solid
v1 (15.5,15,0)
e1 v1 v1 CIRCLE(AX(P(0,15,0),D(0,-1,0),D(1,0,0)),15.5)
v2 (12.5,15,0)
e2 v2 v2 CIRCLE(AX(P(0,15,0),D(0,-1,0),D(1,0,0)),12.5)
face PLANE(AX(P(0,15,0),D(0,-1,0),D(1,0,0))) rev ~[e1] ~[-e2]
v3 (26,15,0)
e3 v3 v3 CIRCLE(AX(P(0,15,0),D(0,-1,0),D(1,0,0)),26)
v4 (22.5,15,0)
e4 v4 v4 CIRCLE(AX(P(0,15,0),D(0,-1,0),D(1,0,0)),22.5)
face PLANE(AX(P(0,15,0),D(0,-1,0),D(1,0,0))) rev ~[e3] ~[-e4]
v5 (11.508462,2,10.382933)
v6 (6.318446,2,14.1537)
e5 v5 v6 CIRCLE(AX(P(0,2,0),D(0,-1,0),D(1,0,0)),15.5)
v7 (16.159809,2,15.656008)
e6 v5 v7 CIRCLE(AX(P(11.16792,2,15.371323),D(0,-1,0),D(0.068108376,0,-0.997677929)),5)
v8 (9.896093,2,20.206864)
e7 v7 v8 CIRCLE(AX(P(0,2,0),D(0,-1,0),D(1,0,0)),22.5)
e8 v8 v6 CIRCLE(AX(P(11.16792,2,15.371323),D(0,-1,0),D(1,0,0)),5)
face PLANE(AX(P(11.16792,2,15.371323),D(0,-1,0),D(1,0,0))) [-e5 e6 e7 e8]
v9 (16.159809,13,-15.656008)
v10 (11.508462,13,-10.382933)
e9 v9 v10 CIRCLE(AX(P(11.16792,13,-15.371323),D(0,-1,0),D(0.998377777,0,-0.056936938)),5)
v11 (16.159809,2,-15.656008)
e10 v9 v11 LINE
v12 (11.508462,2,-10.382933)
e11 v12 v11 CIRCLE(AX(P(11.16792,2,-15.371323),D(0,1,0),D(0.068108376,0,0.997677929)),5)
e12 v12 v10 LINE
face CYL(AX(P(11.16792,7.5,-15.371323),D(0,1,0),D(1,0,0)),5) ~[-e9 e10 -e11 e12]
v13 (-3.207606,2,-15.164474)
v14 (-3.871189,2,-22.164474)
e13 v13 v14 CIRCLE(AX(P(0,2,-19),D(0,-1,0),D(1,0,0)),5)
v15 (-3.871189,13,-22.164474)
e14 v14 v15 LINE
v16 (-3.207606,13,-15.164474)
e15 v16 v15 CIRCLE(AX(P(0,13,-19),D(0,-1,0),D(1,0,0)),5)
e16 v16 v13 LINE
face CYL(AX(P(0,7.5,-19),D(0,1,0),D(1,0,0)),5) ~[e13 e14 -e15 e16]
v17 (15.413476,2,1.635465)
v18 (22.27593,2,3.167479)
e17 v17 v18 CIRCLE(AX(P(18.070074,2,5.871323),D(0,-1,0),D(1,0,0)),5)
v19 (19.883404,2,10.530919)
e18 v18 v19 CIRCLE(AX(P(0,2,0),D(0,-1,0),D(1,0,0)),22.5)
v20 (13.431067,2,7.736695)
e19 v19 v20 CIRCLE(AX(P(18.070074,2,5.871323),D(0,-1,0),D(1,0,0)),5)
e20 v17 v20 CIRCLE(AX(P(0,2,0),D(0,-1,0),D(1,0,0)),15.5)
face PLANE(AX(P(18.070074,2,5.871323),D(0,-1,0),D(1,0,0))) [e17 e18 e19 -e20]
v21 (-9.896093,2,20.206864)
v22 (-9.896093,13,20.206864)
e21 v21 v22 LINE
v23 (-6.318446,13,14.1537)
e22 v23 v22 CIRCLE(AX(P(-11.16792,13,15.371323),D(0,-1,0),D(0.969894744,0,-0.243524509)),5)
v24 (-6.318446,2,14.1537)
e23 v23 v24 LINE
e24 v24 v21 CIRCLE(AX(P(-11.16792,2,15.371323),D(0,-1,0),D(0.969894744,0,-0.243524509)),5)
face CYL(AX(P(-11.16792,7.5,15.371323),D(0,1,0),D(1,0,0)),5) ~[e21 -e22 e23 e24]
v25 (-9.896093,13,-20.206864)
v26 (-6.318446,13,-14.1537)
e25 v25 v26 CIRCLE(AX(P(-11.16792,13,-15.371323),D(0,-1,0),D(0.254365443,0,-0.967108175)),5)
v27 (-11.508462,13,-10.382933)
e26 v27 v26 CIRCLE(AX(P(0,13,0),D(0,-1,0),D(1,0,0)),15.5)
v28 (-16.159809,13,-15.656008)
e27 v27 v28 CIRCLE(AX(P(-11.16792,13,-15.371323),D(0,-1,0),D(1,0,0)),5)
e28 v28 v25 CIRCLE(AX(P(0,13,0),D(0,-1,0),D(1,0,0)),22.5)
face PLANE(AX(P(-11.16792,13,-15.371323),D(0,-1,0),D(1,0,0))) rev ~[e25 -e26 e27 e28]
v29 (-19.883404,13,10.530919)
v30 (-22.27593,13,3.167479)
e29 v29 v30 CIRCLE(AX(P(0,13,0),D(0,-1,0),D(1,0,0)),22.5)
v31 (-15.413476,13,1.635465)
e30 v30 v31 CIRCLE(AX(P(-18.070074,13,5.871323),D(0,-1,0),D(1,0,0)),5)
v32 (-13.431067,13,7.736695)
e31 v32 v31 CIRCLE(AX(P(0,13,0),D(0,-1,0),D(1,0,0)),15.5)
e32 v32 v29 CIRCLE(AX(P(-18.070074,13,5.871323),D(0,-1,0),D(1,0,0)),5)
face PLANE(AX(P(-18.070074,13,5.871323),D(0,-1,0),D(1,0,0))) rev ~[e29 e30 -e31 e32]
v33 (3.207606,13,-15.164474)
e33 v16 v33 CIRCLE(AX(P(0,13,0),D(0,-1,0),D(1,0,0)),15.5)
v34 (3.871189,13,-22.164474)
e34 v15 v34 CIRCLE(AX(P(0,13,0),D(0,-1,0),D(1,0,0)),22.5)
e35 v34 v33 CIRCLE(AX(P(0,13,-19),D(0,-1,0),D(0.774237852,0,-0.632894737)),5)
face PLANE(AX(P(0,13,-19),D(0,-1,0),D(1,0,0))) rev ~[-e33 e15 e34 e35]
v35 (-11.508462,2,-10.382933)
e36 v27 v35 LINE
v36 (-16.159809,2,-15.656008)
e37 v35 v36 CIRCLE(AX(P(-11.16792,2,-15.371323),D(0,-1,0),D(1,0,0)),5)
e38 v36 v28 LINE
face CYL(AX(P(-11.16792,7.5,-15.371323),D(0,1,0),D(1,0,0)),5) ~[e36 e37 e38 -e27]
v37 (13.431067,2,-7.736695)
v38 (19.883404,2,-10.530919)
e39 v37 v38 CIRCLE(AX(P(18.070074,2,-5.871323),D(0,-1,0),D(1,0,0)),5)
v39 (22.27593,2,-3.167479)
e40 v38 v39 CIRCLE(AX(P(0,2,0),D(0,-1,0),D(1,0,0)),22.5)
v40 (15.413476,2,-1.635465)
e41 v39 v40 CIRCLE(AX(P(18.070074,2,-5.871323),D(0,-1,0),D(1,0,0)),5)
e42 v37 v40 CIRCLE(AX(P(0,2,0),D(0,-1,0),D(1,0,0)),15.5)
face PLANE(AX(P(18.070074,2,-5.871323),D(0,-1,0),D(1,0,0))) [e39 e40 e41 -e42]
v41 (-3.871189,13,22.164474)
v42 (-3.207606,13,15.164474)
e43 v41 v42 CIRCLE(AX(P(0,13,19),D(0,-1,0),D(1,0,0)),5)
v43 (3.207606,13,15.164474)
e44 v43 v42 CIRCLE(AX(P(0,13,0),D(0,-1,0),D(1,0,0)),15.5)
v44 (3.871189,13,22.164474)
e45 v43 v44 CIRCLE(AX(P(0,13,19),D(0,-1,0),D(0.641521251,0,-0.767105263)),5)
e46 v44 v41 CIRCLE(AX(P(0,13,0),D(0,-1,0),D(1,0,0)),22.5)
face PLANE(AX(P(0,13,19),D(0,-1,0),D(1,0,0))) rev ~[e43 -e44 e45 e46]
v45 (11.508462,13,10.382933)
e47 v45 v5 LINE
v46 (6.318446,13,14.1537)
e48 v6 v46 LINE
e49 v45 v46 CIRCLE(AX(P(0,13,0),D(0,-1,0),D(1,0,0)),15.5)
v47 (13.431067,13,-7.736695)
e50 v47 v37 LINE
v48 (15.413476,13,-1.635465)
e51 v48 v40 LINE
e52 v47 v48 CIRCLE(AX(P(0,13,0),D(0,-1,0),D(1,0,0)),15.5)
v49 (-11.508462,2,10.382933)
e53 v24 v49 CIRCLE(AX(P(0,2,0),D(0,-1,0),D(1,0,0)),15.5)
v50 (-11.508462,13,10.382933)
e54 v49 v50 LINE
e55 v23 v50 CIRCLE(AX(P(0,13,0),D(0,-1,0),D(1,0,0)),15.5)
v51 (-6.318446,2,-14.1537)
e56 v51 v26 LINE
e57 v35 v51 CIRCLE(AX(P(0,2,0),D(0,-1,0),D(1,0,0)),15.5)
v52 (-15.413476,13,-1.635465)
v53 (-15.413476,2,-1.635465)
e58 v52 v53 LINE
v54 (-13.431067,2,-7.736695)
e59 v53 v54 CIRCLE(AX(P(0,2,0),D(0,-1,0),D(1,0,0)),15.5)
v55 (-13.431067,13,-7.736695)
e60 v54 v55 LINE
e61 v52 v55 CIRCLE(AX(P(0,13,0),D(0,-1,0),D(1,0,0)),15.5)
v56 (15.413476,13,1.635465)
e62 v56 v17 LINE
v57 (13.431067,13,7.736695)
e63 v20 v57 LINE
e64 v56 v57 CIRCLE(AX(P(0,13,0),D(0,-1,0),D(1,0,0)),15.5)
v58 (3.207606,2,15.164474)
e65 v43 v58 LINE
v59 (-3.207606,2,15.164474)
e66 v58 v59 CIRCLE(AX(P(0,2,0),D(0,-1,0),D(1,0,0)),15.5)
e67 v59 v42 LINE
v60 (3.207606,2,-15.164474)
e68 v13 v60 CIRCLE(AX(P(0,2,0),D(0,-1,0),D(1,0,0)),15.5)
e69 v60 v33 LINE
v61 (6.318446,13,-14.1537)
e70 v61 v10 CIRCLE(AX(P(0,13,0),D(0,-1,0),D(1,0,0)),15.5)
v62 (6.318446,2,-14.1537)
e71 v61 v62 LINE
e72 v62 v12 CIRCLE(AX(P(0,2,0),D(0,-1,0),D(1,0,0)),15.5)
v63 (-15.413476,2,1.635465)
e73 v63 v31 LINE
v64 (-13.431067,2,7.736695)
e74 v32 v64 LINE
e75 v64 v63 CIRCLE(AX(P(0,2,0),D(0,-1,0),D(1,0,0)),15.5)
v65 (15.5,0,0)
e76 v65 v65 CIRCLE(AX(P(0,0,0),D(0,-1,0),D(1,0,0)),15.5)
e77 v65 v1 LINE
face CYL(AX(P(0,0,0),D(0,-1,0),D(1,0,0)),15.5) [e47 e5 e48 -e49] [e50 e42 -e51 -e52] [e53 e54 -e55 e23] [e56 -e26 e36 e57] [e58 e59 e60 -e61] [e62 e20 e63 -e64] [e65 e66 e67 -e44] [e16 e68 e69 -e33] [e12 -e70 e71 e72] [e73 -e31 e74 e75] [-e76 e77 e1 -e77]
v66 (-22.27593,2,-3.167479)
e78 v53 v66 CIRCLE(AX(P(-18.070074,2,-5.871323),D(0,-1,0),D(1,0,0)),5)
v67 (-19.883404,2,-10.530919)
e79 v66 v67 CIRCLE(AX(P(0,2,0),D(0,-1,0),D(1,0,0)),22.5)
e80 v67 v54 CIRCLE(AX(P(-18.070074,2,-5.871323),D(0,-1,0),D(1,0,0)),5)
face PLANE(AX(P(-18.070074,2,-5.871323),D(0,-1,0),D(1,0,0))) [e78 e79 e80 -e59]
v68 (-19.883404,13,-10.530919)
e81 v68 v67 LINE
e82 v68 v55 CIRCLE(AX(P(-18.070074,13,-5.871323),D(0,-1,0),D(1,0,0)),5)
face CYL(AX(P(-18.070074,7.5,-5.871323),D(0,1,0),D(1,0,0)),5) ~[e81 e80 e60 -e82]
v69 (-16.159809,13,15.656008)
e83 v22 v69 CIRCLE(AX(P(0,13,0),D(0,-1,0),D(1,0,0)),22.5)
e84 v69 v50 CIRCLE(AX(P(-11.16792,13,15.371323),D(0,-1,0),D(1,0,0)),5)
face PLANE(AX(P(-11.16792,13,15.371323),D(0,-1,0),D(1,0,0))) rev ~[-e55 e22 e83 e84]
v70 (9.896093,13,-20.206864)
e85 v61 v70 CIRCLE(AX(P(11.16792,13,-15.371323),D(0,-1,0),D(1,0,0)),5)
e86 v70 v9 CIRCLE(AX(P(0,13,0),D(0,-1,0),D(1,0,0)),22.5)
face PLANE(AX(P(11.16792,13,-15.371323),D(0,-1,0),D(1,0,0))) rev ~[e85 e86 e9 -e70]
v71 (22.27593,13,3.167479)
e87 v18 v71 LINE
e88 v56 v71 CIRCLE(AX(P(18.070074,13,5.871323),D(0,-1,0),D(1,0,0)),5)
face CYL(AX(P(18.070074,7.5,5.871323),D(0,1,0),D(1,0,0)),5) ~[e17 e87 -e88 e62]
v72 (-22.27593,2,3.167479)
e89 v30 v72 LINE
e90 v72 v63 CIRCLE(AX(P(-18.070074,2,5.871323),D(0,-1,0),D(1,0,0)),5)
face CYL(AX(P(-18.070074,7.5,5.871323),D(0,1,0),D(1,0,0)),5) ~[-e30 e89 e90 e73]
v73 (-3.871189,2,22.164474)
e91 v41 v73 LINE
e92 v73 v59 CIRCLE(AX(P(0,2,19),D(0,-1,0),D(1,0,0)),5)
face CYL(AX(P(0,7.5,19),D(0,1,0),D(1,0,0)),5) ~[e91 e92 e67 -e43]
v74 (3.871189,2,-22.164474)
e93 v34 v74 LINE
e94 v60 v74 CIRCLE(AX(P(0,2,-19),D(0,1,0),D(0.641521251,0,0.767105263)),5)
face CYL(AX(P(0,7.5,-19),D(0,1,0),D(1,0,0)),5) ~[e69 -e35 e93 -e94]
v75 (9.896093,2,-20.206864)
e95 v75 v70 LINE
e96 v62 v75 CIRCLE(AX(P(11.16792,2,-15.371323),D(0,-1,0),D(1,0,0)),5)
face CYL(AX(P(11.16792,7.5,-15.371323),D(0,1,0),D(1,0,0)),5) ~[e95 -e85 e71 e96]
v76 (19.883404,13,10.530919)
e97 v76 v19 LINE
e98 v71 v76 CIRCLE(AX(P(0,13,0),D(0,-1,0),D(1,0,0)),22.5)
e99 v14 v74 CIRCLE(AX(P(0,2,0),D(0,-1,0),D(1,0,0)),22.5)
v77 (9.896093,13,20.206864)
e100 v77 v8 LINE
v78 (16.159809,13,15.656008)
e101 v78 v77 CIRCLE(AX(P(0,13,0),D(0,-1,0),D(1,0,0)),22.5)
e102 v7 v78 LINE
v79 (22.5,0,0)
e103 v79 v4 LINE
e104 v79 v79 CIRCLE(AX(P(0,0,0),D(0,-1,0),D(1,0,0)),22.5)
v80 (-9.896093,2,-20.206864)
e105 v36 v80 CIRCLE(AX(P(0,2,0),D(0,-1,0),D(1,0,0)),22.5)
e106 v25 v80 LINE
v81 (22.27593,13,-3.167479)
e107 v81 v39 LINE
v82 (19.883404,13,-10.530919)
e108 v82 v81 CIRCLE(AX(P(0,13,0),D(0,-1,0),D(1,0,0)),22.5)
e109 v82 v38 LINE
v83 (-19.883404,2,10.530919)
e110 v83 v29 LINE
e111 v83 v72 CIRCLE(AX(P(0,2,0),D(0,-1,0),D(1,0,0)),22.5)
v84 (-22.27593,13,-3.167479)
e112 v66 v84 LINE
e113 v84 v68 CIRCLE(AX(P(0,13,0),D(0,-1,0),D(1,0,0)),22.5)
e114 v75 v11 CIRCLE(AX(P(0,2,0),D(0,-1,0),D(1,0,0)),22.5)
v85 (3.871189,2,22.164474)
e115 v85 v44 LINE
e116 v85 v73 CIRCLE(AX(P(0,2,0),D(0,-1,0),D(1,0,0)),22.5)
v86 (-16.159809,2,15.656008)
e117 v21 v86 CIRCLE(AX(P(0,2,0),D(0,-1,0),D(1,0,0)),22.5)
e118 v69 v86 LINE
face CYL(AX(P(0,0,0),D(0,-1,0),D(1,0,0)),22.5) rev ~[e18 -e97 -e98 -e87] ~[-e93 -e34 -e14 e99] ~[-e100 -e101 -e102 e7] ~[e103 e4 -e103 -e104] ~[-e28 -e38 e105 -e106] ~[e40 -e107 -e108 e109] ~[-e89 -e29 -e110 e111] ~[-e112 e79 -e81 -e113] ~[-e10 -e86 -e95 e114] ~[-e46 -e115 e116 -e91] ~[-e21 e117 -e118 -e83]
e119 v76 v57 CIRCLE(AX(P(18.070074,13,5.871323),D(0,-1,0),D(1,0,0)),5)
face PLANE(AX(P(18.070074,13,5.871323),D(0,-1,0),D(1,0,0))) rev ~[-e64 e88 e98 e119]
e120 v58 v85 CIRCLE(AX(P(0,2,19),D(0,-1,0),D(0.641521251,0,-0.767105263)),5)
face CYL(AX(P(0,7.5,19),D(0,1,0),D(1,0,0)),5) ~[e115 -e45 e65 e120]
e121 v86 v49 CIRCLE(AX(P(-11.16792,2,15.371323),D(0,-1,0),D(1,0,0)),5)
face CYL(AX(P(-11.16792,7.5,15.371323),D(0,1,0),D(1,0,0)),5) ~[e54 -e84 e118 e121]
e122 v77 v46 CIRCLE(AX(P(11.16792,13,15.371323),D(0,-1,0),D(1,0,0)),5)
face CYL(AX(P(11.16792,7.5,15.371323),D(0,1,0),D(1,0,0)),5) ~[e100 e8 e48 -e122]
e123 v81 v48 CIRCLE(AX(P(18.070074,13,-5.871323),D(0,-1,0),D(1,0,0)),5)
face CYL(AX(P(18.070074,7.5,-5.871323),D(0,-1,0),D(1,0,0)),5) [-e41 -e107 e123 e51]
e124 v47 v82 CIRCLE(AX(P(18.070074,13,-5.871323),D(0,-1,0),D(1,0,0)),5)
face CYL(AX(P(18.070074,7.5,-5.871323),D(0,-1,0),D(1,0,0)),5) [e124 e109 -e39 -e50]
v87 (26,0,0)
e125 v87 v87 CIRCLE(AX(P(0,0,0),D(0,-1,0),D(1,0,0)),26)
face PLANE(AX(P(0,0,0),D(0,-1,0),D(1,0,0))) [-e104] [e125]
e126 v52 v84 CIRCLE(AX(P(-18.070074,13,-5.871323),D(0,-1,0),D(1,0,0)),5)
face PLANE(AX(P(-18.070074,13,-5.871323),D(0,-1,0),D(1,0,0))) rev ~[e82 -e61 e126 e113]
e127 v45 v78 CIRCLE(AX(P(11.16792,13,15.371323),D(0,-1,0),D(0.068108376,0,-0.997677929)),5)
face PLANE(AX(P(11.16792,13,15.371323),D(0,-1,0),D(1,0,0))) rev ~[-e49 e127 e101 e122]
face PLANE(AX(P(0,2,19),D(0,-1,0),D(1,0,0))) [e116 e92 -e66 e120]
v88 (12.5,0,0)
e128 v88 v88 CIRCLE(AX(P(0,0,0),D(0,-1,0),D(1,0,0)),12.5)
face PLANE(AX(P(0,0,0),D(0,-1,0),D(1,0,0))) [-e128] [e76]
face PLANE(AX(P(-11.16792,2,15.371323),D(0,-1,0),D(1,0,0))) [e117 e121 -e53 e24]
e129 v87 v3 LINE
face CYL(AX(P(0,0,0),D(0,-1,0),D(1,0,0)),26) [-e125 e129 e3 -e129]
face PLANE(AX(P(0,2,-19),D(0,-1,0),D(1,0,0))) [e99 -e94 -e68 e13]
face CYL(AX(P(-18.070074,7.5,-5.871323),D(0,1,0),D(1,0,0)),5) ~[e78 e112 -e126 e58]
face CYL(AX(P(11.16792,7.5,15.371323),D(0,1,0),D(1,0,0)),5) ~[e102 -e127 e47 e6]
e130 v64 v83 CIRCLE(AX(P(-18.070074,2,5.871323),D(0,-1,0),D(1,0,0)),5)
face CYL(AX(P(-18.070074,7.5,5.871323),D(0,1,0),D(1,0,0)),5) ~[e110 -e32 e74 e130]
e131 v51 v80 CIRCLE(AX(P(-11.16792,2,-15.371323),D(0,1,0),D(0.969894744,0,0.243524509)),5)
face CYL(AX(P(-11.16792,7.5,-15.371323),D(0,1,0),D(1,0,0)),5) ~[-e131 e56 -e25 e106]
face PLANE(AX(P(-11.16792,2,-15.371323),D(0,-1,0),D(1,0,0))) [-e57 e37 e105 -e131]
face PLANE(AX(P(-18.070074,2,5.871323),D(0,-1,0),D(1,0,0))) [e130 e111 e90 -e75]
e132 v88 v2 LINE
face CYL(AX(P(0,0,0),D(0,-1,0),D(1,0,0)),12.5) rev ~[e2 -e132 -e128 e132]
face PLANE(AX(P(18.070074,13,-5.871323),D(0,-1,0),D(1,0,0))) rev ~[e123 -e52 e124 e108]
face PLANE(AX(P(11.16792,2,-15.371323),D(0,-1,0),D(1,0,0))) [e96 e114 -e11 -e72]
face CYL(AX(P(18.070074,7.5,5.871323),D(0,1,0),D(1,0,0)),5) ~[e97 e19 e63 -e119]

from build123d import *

# Parameters (mm, degrees)
F0_R     = 26
F0_R_2   = 22.5
F0_R_3   = 15.5
F0_R_4   = 12.5
F1_DEPTH = 15
F3_R     = 5
F4_DEPTH = 5.5


with BuildPart() as f1:
    # F0 (on Front) → F1 (new body)
    with BuildSketch(Plane.XZ):
        Circle(F0_R)
        Circle(F0_R_2, mode=Mode.SUBTRACT)
        Circle(F0_R_3)
        Circle(F0_R_4, mode=Mode.SUBTRACT)
    extrude(amount=-F1_DEPTH)

    # F3 (on offset) → F4 (join, symmetric)
    with BuildSketch(Plane.XZ.offset(-7.5)):
        with Locations((0, 19)):
            Circle(F3_R)
        with Locations((-11.16792, 15.371323)):
            Circle(F3_R)
        with Locations((-18.070074, 5.871323)):
            Circle(F3_R)
        with Locations((-18.070074, -5.871323)):
            Circle(F3_R)
        with Locations((0, -19)):
            Circle(F3_R)
        with Locations((18.070074, 5.871323)):
            Circle(F3_R)
        with Locations((-11.16792, -15.371323)):
            Circle(F3_R)
        with Locations((11.16792, -15.371323)):
            Circle(F3_R)
        with Locations((11.16792, 15.371323)):
            Circle(F3_R)
        with Locations((18.070074, -5.871323)):
            Circle(F3_R)
    extrude(amount=F4_DEPTH, both=True)


solid = f1.part
